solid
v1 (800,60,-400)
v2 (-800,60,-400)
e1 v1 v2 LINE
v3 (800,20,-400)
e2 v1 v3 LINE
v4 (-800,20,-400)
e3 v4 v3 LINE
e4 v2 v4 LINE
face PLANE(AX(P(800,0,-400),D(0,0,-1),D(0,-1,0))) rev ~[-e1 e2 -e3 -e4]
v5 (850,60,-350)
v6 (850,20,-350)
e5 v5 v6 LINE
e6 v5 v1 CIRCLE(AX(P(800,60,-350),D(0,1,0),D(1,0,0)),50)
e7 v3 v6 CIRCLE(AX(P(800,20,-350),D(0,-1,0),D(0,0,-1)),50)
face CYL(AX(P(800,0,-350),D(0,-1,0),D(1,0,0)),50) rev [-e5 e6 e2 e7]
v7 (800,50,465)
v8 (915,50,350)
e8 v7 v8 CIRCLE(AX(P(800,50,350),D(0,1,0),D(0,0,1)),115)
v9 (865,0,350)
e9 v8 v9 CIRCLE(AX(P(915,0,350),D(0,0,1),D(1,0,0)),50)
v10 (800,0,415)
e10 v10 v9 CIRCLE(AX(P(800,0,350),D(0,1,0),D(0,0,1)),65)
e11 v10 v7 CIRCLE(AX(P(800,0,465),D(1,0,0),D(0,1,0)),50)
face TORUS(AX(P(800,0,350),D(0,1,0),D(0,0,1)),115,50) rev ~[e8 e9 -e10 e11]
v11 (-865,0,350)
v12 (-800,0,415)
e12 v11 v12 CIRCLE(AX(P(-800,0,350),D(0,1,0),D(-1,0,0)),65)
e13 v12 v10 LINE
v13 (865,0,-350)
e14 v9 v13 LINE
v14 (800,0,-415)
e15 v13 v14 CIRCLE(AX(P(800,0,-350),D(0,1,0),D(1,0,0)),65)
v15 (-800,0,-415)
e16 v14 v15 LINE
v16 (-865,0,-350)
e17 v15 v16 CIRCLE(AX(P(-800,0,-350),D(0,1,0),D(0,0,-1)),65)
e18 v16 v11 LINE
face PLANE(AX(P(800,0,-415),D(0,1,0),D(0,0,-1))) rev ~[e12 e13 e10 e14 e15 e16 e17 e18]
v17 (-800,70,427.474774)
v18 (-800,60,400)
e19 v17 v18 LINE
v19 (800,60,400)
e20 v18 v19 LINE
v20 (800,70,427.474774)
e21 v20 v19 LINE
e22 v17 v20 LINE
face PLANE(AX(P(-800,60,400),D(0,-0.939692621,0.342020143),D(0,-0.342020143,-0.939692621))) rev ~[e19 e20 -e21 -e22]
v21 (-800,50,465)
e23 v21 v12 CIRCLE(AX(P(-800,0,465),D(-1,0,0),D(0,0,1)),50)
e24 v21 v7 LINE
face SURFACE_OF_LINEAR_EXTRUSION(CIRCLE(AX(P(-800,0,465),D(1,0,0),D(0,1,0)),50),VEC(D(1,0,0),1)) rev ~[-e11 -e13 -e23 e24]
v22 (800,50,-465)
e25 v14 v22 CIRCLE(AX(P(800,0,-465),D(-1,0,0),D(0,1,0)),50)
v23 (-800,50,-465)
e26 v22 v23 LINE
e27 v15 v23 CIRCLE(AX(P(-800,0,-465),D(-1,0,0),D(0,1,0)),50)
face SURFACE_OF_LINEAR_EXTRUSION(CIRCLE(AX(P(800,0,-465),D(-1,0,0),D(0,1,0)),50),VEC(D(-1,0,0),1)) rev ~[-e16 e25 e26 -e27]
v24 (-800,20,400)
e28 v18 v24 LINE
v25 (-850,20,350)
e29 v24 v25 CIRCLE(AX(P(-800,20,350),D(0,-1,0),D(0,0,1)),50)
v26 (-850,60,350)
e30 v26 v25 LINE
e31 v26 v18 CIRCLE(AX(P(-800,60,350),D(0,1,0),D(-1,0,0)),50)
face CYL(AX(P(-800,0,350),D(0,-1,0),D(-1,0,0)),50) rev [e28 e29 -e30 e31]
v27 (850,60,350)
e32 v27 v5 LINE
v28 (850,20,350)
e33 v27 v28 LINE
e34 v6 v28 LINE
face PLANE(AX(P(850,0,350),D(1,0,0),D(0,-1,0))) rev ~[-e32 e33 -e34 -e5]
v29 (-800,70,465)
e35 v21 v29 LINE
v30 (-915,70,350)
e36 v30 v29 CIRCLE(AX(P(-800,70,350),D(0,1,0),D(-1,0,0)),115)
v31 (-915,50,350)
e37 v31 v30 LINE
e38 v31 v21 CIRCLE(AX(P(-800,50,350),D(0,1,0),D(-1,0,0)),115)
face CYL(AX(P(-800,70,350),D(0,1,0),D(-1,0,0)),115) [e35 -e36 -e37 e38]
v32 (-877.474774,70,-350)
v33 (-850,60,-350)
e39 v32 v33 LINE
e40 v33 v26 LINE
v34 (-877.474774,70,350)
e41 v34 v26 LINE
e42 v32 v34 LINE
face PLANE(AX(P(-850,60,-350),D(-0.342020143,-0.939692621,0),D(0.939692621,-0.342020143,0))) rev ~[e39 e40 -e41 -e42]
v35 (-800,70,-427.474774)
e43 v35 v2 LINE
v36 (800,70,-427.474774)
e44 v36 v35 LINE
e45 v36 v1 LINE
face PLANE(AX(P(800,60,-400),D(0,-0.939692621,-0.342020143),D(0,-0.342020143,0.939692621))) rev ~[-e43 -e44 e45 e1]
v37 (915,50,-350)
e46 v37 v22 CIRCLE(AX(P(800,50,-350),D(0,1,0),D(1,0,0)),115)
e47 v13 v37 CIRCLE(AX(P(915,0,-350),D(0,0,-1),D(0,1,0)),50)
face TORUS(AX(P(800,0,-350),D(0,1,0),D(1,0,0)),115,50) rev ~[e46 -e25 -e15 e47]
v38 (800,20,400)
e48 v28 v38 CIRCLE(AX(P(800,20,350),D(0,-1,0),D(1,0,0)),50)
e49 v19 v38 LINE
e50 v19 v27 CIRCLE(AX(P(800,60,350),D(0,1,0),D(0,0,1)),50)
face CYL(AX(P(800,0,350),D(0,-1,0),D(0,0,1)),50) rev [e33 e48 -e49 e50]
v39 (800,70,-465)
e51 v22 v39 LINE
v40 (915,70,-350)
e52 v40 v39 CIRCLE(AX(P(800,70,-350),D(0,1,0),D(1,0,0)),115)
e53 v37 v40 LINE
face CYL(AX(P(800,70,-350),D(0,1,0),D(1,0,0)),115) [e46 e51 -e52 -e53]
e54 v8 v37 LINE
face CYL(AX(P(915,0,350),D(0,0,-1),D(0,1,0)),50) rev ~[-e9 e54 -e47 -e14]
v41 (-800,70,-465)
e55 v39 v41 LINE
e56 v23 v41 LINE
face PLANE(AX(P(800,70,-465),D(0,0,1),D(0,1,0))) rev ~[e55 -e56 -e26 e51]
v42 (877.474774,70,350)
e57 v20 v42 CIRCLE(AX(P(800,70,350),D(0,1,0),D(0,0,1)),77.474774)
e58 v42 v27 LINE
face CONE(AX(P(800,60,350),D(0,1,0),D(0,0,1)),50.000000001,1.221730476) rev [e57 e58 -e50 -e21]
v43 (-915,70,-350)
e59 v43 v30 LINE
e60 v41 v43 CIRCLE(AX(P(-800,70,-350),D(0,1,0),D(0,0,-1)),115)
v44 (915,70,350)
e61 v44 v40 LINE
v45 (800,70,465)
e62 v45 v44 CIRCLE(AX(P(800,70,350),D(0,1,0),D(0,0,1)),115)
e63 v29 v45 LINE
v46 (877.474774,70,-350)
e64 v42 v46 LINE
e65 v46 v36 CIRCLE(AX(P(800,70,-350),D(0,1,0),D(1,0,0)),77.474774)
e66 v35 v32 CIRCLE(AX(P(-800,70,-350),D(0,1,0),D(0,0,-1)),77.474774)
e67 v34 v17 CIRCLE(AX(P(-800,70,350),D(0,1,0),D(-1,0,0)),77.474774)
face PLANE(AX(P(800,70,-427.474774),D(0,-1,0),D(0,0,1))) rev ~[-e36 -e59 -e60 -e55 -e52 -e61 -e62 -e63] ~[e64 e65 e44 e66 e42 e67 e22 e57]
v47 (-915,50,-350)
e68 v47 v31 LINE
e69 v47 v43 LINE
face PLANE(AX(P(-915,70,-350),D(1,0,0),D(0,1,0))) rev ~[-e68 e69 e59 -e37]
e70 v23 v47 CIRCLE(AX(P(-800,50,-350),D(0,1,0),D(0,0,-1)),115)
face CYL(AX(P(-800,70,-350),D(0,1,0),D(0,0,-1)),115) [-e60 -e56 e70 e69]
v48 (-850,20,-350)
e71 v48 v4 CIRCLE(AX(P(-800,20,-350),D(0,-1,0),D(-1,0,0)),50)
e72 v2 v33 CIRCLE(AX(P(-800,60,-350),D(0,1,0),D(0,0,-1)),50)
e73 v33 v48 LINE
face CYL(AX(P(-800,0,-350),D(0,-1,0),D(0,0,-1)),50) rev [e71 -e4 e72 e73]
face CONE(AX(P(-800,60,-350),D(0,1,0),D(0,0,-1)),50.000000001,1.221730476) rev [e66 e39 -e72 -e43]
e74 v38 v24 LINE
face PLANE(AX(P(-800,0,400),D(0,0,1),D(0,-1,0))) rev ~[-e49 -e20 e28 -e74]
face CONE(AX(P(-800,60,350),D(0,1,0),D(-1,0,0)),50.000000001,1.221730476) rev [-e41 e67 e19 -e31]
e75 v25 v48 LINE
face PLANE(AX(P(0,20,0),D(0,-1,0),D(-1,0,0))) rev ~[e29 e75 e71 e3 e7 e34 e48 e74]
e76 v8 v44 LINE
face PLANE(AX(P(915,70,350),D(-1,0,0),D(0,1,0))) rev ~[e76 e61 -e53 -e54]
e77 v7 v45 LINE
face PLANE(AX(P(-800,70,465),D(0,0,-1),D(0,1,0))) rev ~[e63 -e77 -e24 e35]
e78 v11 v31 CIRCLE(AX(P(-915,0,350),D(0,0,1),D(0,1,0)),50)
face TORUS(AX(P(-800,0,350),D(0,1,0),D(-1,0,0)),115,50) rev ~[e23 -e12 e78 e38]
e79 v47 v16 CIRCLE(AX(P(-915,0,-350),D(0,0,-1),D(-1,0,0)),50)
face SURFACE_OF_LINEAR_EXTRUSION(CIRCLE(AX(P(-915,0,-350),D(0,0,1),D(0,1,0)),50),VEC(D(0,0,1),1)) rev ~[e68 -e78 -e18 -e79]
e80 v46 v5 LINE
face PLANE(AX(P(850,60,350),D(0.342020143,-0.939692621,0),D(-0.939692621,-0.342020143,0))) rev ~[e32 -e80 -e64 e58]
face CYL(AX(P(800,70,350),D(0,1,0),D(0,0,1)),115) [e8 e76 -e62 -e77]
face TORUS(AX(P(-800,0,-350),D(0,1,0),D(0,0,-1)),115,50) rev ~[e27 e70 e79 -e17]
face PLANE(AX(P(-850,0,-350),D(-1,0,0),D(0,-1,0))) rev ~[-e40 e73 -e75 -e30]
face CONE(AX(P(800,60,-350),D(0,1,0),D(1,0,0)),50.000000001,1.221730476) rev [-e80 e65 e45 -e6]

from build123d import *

# Parameters (mm, degrees)
EXTRUDE_1_DEPTH = 20


with BuildPart() as part:
    # 草图1 → 凸台-拉伸1 (new body)
    with BuildSketch(Plane(origin=(0, 0, 0), x_dir=(1, 0, 0), z_dir=(0, 1, 0))):
        with BuildLine():
            Line((-800, 400), (800, 400))
            ThreePointArc((800, 400), (835.355339059, 385.355339059), (850, 350))
            Line((850, 350), (850, -350))
            ThreePointArc((850, -350), (835.355339059, -385.355339059), (800, -400))
            Line((800, -400), (-800, -400))
            ThreePointArc((-800, -400), (-835.355339059, -385.355339059), (-850, -350))
            Line((-850, -350), (-850, 350))
            ThreePointArc((-850, 350), (-835.355339059, 385.355339059), (-800, 400))
        make_face()
    extrude(amount=EXTRUDE_1_DEPTH)

    # 扫描1: sweep along a path in 草图4
    with BuildLine(Plane(origin=(0, 20, 0), x_dir=(1, 0, 0), z_dir=(0, 1, 0))) as sweep_1_path:
        Line((800, 400), (-800, 400))
        ThreePointArc((-800, 400), (-835.355339059, 385.355339059), (-850, 350))
        Line((-850, 350), (-850, -350))
        ThreePointArc((-850, -350), (-835.355339059, -385.355339059), (-800, -400))
        Line((-800, -400), (800, -400))
        ThreePointArc((800, -400), (835.355339059, -385.355339059), (850, -350))
        Line((850, -350), (850, 350))
        ThreePointArc((850, 350), (835.355339059, 385.355339059), (800, 400))
    # 草图3 → 扫描1 (sweep)
    with BuildSketch(Plane(origin=(0, 0, 350), x_dir=(0, -1, 0), z_dir=(0, 0, 1))):
        with BuildLine():
            Line((0, 850), (-60, 850))
            Line((-60, 850), (-70, 877.474774195))
            Line((-70, 877.474774195), (-70, 915))
            Line((-70, 915), (-50, 915))
            ThreePointArc((-50, 915), (-35.355339059, 879.644660941), (0, 865))
            Line((0, 865), (0, 850))
        make_face()
    sweep(path=sweep_1_path.line)


solid = part.part
